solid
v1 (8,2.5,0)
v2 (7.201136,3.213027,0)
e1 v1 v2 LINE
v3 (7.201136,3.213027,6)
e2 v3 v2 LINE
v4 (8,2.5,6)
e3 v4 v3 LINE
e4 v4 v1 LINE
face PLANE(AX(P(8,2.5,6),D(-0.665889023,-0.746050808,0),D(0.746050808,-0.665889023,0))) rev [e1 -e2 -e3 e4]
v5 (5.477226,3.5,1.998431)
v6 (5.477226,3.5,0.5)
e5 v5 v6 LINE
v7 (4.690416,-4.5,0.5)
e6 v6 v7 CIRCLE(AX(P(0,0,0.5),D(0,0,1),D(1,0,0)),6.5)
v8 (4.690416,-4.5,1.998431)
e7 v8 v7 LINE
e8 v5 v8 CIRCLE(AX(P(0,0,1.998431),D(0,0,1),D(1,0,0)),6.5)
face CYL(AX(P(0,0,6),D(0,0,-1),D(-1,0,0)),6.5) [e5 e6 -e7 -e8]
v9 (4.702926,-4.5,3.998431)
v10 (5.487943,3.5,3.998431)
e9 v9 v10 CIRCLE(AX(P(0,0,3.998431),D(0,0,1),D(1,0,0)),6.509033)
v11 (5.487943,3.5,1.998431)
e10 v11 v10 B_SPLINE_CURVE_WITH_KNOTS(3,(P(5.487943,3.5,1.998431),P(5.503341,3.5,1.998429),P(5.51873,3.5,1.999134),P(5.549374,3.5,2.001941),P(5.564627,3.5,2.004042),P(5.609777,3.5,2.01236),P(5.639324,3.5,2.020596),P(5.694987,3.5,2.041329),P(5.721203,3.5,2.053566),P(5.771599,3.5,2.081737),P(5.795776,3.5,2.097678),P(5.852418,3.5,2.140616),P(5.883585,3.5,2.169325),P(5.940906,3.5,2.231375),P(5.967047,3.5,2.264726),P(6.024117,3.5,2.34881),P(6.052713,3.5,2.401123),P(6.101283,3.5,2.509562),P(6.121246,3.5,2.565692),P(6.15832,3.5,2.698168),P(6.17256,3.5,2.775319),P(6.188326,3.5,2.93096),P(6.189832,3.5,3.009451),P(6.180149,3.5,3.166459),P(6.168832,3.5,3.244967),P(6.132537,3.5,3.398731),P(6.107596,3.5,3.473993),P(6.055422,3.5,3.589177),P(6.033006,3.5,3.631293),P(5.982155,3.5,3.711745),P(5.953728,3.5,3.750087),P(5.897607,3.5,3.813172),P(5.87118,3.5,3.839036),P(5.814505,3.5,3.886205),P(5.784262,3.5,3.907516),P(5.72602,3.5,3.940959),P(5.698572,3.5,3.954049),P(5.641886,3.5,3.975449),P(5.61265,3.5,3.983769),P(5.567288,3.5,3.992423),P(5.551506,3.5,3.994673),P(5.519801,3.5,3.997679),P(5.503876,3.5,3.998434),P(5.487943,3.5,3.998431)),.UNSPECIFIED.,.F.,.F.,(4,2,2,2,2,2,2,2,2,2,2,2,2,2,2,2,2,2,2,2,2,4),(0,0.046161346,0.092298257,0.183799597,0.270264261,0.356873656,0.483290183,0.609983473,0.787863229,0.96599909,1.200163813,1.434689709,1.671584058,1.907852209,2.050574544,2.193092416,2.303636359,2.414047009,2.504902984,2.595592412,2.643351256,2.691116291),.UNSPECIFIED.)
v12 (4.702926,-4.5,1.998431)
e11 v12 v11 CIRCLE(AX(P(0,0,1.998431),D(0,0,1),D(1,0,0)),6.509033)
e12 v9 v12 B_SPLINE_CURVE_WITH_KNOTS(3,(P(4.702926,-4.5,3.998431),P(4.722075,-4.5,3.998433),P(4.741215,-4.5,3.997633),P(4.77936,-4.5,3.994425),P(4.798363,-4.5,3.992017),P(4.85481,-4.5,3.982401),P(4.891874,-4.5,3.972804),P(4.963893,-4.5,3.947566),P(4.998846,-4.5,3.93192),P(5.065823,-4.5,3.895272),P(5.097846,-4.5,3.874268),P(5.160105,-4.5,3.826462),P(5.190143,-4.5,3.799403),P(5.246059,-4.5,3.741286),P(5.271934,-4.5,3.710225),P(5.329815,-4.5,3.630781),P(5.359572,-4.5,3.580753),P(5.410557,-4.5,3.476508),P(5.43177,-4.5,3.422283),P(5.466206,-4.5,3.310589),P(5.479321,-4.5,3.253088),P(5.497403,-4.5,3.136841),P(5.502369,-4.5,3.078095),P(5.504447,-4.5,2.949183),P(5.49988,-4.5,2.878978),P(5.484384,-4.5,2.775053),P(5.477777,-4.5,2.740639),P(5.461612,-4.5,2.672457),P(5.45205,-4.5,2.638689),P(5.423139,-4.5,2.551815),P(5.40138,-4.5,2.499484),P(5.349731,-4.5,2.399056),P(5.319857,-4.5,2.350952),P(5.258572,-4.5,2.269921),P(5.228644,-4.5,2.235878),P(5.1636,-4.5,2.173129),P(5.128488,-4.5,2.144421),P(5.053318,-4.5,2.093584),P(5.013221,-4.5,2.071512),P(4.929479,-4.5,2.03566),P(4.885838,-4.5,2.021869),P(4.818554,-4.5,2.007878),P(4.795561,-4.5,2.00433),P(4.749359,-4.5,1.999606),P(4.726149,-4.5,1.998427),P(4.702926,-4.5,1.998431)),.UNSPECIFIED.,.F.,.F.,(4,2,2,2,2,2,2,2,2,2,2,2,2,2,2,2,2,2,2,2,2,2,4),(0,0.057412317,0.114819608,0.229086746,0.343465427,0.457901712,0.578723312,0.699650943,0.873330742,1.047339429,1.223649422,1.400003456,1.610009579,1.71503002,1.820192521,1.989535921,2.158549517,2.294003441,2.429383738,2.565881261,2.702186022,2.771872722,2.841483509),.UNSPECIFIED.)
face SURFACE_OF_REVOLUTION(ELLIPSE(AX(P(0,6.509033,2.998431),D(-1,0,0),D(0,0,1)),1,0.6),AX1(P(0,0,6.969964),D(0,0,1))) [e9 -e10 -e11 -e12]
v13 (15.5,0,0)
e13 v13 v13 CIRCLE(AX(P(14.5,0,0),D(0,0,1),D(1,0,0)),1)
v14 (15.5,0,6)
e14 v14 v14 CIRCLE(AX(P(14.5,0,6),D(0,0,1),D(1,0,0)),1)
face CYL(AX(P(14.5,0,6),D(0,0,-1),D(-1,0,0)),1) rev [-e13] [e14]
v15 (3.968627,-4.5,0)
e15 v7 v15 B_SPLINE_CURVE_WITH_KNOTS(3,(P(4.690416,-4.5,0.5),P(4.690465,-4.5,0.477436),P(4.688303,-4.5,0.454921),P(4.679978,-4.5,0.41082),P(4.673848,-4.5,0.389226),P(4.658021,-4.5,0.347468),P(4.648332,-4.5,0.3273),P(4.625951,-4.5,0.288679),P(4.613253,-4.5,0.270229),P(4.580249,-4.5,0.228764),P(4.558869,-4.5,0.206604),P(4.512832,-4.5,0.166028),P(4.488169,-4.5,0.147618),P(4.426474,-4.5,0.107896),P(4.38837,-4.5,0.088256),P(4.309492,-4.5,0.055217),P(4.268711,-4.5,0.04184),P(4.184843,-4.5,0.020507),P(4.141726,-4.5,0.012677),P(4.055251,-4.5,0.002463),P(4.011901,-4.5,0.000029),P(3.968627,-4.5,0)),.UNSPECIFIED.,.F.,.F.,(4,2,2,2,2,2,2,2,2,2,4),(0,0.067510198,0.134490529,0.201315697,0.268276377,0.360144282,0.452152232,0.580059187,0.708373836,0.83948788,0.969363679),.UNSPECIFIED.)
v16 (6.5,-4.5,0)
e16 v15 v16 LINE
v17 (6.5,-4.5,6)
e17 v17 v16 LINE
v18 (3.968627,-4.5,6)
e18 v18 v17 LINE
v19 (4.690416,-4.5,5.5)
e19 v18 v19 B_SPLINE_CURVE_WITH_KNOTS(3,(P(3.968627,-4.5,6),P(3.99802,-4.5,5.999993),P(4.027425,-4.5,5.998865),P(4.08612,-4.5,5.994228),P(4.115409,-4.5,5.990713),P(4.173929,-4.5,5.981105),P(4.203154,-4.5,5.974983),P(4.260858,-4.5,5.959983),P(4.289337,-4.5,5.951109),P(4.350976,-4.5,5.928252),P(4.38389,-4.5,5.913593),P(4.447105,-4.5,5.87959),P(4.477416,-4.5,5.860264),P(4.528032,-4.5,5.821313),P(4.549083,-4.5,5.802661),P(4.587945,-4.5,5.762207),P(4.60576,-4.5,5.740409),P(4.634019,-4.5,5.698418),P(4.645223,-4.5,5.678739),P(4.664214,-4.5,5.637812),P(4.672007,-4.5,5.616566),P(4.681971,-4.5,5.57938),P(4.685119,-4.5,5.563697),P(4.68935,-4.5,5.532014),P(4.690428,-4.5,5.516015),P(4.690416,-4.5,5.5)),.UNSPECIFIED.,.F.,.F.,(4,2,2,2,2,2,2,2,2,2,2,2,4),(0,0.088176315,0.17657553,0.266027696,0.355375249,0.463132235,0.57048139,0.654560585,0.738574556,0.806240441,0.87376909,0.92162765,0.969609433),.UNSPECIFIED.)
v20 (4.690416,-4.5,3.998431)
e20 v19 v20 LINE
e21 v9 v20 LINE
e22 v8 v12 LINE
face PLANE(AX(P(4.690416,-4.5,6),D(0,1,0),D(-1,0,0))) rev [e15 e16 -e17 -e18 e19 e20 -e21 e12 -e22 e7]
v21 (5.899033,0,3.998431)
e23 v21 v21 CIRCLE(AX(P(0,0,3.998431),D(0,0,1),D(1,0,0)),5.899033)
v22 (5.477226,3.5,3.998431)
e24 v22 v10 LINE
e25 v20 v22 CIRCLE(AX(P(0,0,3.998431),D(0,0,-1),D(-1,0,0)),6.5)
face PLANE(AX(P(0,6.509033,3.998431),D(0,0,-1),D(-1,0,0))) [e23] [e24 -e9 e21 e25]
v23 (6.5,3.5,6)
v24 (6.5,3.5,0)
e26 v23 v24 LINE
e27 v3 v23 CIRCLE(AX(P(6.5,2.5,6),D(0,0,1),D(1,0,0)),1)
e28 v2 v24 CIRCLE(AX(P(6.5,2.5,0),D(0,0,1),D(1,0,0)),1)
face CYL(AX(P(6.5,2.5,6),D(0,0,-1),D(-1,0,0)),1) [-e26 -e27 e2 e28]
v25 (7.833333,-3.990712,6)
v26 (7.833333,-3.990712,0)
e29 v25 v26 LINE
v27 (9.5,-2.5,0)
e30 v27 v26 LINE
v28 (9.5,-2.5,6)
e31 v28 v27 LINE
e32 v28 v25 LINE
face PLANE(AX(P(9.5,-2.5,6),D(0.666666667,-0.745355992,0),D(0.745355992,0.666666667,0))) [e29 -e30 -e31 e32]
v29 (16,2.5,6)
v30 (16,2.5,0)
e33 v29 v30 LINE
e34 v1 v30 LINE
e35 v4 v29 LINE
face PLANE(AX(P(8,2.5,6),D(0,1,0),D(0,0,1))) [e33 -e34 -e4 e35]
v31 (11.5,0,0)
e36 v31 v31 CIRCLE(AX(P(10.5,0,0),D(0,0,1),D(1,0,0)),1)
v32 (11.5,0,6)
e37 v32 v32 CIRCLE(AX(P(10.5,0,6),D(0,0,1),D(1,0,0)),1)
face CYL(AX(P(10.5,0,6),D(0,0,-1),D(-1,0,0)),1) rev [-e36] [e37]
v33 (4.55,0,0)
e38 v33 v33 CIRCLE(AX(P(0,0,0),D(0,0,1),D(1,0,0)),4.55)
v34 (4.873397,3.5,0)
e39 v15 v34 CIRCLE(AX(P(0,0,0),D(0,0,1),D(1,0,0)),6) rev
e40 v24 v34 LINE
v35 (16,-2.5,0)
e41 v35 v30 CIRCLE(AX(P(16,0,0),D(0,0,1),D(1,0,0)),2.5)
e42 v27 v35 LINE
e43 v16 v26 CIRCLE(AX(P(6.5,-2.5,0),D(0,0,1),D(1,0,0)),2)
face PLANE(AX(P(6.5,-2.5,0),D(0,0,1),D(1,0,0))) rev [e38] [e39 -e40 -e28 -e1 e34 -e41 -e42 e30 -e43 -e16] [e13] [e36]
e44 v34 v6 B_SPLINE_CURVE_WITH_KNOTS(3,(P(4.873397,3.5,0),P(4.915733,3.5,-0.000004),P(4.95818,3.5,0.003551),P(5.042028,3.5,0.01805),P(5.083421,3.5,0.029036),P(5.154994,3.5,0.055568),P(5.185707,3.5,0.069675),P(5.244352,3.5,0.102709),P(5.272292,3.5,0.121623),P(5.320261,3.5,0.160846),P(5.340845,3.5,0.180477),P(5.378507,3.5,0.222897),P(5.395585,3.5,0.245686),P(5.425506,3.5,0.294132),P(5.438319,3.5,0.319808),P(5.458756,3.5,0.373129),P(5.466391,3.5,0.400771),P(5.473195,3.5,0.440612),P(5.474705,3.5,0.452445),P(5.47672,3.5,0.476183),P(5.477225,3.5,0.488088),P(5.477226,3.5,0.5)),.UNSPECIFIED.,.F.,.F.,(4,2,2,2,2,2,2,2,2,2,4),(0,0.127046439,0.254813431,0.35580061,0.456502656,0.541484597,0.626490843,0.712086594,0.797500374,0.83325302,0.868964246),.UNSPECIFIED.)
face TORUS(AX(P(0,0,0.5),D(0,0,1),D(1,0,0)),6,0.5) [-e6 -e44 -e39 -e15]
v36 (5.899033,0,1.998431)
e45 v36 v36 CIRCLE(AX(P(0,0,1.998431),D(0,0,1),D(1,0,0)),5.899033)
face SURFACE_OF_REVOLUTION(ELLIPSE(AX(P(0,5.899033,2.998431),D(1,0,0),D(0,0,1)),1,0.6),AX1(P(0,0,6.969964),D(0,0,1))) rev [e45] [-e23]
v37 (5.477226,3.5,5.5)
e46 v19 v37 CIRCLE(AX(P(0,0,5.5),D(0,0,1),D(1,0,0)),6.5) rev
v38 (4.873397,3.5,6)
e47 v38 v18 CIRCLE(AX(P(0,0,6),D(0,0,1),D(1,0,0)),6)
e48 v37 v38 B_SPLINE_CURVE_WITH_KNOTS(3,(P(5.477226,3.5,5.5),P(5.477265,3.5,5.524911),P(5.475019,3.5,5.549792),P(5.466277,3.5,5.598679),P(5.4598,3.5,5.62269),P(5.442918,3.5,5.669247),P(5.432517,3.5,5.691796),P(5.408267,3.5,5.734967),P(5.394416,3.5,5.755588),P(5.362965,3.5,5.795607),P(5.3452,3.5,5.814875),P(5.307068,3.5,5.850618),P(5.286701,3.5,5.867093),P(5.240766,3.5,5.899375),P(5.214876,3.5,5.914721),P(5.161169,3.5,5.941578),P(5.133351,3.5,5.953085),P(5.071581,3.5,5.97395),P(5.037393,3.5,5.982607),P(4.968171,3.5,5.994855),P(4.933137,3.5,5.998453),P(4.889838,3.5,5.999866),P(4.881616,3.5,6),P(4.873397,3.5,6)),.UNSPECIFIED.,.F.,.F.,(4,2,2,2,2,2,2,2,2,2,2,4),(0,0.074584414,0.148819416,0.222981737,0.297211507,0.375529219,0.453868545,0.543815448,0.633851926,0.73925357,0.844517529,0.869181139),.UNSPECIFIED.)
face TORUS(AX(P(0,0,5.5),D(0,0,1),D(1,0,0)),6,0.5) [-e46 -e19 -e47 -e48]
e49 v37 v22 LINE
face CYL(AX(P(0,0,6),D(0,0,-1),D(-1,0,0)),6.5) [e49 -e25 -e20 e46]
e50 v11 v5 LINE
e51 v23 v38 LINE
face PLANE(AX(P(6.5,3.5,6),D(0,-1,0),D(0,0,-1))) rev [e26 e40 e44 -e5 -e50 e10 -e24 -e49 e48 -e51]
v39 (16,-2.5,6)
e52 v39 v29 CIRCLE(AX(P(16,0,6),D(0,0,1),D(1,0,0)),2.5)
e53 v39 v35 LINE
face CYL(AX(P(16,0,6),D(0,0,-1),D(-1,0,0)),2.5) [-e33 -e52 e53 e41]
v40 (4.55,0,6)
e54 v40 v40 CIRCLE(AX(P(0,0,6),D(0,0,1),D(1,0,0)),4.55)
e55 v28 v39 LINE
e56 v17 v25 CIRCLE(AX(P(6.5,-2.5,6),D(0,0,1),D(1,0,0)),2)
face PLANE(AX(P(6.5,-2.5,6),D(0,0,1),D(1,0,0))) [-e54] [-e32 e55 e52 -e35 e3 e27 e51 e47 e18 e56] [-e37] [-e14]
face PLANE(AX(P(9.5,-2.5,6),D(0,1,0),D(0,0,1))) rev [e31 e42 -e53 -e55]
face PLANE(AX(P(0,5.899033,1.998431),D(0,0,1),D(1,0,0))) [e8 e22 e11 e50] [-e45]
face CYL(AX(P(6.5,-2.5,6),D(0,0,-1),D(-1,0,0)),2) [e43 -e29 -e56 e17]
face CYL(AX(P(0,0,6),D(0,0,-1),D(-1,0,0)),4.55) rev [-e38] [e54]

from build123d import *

# Parameters (mm, degrees)
BOSS_EXTRUDE1_DEPTH = 6
SKETCH1_5_R         = 4.55
CUT_EXTRUDE2_DEPTH  = 21.506096654
SKETCH1_6_R         = 1
CUT_EXTRUDE3_DEPTH  = 21.506096654
FILLET6_R           = 0.5
FILLET7_R           = 0.5


with BuildPart() as part:
    # Sketch1 → Boss-Extrude1 (new body)
    with BuildSketch(Plane.XY):
        with BuildLine():
            Line((9.5, -2.5), (16, -2.5))
            ThreePointArc((16, -2.5), (18.5, 0), (16, 2.5))
            Line((16, 2.5), (8, 2.5))
            Line((8, 2.5), (7.201136344, 3.213027227))
            ThreePointArc((7.201136344, 3.213027227), (6.878795969, 3.425480207), (6.5, 3.5))
            Line((6.5, 3.5), (5.477225575, 3.5))
            ThreePointArc((5.477225575, 3.5), (-6.468789112, 0.636213346), (4.69041576, -4.5))
            Line((4.69041576, -4.5), (6.5, -4.5))
            ThreePointArc((6.5, -4.5), (7.21364418, -4.368344718), (7.833333333, -3.990711985))
            Line((7.833333333, -3.990711985), (9.5, -2.5))
        make_face()
    extrude(amount=BOSS_EXTRUDE1_DEPTH)

    # Sketch1<5> → Cut-Extrude2 (cut, through all)
    with BuildSketch(Plane.XY):
        Circle(SKETCH1_5_R)
    extrude(amount=CUT_EXTRUDE2_DEPTH, mode=Mode.SUBTRACT)

    # Sketch1<6> → Cut-Extrude3 (cut, through all)
    with BuildSketch(Plane.XY):
        with Locations((14.5, 0)):
            Circle(SKETCH1_6_R)
        with Locations((10.5, 0)):
            Circle(SKETCH1_6_R)
    extrude(amount=CUT_EXTRUDE3_DEPTH, mode=Mode.SUBTRACT)

    # Sketch5 → Cut-Revolve2 (revolve, cut)
    with BuildSketch(Plane(origin=(0, 0, 0), x_dir=(0, 0, -1), z_dir=(1, 0, 0))):
        with BuildLine():
            Line((-3.998431193, 6.509033472), (-3.998431193, 5.899033472))
            add(Edge.make_bspline(
                [(-3.998431193, 5.899033472), (-3.998431193, 5.299033472), (-2.998431193, 5.299033472), (-1.998431193, 5.299033472), (-1.998431193, 5.899033472)],
                knots=[0, 0, 0, 1.570796327, 1.570796327, 3.141592654, 3.141592654, 3.141592654], degree=2, weights=[1, 0.707106781, 1, 0.707106781, 1]))
            Line((-1.998431193, 5.899033472), (-1.998431193, 6.509033472))
            add(Edge.make_bspline(
                [(-1.998431193, 6.509033472), (-1.998431193, 7.109033472), (-2.998431193, 7.109033472), (-3.998431193, 7.109033472), (-3.998431193, 6.509033472)],
                knots=[3.141592654, 3.141592654, 3.141592654, 4.71238898, 4.71238898, 6.283185307, 6.283185307, 6.283185307], degree=2, weights=[1, 0.707106781, 1, 0.707106781, 1]))
        make_face()
    revolve(axis=Axis((0, 0, 6.969963605), (0, 0, -1)), mode=Mode.SUBTRACT)

    # Fillet6
    fillet6_edges = [part.edges().sort_by_distance(p)[0] for p in [
        (-6.468789112, 0.636213346, 6),
    ]]
    fillet(fillet6_edges, radius=FILLET6_R)

    # Fillet7
    fillet7_edges = [part.edges().sort_by_distance(p)[0] for p in [
        (-6.468789112, 0.636213346, 0),
    ]]
    fillet(fillet7_edges, radius=FILLET7_R)


solid = part.part
